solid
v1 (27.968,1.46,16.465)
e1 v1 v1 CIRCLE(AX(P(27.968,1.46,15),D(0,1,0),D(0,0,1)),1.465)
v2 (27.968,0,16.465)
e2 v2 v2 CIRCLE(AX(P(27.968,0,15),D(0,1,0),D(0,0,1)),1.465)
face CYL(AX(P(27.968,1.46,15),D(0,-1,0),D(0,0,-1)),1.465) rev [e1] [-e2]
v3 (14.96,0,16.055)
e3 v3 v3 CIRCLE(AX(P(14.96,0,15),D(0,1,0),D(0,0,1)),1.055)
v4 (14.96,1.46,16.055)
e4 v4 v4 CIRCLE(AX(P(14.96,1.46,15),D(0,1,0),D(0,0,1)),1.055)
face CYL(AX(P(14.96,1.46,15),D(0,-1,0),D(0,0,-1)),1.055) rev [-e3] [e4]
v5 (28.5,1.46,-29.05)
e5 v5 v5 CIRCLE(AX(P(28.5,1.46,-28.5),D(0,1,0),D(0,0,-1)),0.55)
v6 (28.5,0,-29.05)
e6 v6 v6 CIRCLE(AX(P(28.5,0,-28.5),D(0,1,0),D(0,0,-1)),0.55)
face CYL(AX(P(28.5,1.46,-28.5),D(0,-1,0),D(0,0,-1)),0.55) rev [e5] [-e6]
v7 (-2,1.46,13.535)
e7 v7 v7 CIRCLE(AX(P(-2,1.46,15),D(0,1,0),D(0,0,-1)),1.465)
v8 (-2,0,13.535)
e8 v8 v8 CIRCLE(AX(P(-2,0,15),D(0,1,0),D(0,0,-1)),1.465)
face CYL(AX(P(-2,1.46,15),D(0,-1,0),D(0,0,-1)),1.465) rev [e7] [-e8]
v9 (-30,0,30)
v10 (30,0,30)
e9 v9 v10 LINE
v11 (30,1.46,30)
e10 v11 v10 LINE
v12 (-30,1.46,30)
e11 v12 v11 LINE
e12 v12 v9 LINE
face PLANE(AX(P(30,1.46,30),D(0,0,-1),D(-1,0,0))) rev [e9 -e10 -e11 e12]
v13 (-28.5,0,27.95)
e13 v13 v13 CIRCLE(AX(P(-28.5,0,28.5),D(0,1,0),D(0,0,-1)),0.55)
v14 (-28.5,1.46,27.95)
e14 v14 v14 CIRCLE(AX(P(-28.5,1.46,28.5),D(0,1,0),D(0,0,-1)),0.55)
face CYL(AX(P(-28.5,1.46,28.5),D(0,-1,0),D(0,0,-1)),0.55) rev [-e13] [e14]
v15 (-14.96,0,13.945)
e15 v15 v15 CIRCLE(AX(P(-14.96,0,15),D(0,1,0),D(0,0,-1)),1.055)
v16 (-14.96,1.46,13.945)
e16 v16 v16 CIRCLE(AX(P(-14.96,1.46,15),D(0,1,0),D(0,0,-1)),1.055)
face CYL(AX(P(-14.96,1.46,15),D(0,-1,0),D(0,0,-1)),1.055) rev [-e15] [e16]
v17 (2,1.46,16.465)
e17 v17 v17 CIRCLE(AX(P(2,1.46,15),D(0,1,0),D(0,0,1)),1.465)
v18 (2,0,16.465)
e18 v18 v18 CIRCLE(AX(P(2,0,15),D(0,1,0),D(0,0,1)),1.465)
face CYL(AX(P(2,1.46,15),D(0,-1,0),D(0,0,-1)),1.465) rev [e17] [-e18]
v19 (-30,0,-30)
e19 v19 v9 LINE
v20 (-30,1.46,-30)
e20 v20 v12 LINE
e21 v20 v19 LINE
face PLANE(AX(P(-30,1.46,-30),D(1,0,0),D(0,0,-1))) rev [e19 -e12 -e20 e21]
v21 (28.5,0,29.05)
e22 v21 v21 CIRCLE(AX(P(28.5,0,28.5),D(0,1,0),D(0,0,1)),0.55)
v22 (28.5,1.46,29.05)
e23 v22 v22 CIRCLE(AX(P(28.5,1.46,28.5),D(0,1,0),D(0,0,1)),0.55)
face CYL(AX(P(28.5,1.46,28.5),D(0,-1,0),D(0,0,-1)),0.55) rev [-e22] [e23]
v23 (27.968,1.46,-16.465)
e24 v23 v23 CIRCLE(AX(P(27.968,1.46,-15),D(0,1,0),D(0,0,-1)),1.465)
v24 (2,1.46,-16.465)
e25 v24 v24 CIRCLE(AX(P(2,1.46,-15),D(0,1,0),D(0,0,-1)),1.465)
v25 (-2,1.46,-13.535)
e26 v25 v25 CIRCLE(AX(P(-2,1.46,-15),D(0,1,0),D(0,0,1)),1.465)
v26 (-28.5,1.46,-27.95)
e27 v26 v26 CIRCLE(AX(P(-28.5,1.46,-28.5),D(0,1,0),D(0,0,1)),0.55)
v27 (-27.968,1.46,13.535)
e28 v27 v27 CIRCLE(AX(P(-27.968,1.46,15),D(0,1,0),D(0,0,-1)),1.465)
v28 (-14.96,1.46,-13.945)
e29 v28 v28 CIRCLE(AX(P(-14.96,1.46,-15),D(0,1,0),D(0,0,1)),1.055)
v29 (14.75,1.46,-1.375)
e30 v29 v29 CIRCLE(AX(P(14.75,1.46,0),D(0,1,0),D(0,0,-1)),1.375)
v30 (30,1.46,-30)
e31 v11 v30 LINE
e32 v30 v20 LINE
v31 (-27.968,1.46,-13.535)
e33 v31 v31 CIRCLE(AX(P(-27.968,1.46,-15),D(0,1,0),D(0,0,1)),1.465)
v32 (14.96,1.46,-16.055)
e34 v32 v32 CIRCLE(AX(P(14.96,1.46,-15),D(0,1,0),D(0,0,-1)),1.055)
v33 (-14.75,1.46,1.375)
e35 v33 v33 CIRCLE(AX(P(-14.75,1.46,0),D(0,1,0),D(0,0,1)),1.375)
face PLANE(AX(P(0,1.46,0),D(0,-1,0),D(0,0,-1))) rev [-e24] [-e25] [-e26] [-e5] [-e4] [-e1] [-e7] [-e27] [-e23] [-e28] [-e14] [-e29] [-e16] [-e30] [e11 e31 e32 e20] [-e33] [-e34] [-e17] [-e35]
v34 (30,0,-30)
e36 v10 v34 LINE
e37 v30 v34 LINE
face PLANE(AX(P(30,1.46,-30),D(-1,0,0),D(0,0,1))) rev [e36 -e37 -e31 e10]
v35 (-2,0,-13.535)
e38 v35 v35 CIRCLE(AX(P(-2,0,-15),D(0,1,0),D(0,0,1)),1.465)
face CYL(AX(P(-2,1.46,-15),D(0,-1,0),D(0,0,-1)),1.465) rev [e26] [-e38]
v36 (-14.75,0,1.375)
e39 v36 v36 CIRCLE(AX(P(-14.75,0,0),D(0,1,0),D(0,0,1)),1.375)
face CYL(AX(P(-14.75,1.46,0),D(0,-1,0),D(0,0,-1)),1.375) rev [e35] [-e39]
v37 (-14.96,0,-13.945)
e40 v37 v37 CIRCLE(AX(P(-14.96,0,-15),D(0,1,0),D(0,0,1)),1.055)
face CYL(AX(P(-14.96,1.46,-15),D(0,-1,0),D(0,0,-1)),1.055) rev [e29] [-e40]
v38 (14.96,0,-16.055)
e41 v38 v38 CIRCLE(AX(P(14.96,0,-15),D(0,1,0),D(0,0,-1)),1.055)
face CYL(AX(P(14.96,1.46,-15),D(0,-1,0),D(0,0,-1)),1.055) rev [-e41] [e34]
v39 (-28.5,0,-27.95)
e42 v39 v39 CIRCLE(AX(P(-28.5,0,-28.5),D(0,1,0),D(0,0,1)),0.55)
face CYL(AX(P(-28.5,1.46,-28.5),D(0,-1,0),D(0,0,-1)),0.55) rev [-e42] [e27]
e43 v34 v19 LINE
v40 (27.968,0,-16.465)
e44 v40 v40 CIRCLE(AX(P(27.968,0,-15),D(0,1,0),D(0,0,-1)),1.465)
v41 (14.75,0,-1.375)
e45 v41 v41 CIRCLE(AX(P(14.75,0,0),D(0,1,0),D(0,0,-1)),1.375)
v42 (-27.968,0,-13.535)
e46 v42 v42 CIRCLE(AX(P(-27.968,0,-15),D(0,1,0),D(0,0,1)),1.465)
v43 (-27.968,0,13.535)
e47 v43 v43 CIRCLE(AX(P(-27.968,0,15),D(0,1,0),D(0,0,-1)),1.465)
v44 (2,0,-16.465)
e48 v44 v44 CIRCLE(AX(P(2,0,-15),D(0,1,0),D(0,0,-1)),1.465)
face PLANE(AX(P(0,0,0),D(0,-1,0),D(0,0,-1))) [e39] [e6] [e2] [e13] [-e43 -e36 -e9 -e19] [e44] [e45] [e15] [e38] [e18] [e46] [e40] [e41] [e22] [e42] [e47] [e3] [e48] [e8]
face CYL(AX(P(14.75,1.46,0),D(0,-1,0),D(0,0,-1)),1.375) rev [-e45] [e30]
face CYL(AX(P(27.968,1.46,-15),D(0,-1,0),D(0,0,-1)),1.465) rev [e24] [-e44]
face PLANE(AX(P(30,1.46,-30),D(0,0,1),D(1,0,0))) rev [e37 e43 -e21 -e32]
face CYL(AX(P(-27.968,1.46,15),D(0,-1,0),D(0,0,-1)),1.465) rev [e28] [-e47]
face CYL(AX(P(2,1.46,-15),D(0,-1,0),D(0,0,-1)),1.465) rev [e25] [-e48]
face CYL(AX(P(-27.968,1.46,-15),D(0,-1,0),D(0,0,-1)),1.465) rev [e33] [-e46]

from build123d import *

# Parameters (mm, degrees)
SKETCH1_W           = 60
SKETCH1_H           = 60
SKETCH1_R           = 0.55
SKETCH1_R_2         = 1.465
SKETCH1_R_3         = 1.375
SKETCH1_R_4         = 1.055
BOSS_EXTRUDE1_DEPTH = 1.46


with BuildPart() as part:
    # Sketch1 → Boss-Extrude1 (new body)
    with BuildSketch(Plane(origin=(0, 0, 0), x_dir=(1, 0, 0), z_dir=(0, 1, 0))):
        Rectangle(SKETCH1_W, SKETCH1_H)
        with Locations(Location((-28.5, 28.5, 0), (0, 0, 270))):
            Circle(SKETCH1_R, mode=Mode.SUBTRACT)
        with Locations(Location((-27.968, 15, 0), (0, 0, 270))):
            Circle(SKETCH1_R_2, mode=Mode.SUBTRACT)
        with Locations(Location((-14.75, 0, 0), (0, 0, 270))):
            Circle(SKETCH1_R_3, mode=Mode.SUBTRACT)
        with Locations(Location((-14.960000108, 15, 0), (0, 0, 270))):
            Circle(SKETCH1_R_4, mode=Mode.SUBTRACT)
        with Locations(Location((-2, 15, 0), (0, 0, 270))):
            Circle(SKETCH1_R_2, mode=Mode.SUBTRACT)
        with Locations(Location((2, 15, 0), (0, 0, 90))):
            Circle(SKETCH1_R_2, mode=Mode.SUBTRACT)
        with Locations(Location((14.960000108, 15, 0), (0, 0, 90))):
            Circle(SKETCH1_R_4, mode=Mode.SUBTRACT)
        with Locations(Location((14.75, 0, 0), (0, 0, 90))):
            Circle(SKETCH1_R_3, mode=Mode.SUBTRACT)
        with Locations(Location((27.968, 15, 0), (0, 0, 90))):
            Circle(SKETCH1_R_2, mode=Mode.SUBTRACT)
        with Locations(Location((28.5, 28.5, 0), (0, 0, 90))):
            Circle(SKETCH1_R, mode=Mode.SUBTRACT)
        with Locations(Location((28.5, -28.5, 0), (0, 0, 270))):
            Circle(SKETCH1_R, mode=Mode.SUBTRACT)
        with Locations(Location((27.968, -15, 0), (0, 0, 270))):
            Circle(SKETCH1_R_2, mode=Mode.SUBTRACT)
        with Locations(Location((14.960000108, -15, 0), (0, 0, 270))):
            Circle(SKETCH1_R_4, mode=Mode.SUBTRACT)
        with Locations(Location((2, -15, 0), (0, 0, 270))):
            Circle(SKETCH1_R_2, mode=Mode.SUBTRACT)
        with Locations(Location((-2, -15, 0), (0, 0, 90))):
            Circle(SKETCH1_R_2, mode=Mode.SUBTRACT)
        with Locations(Location((-14.960000108, -15, 0), (0, 0, 90))):
            Circle(SKETCH1_R_4, mode=Mode.SUBTRACT)
        with Locations(Location((-27.968, -15, 0), (0, 0, 90))):
            Circle(SKETCH1_R_2, mode=Mode.SUBTRACT)
        with Locations(Location((-28.5, -28.5, 0), (0, 0, 90))):
            Circle(SKETCH1_R, mode=Mode.SUBTRACT)
    extrude(amount=BOSS_EXTRUDE1_DEPTH)


solid = part.part
